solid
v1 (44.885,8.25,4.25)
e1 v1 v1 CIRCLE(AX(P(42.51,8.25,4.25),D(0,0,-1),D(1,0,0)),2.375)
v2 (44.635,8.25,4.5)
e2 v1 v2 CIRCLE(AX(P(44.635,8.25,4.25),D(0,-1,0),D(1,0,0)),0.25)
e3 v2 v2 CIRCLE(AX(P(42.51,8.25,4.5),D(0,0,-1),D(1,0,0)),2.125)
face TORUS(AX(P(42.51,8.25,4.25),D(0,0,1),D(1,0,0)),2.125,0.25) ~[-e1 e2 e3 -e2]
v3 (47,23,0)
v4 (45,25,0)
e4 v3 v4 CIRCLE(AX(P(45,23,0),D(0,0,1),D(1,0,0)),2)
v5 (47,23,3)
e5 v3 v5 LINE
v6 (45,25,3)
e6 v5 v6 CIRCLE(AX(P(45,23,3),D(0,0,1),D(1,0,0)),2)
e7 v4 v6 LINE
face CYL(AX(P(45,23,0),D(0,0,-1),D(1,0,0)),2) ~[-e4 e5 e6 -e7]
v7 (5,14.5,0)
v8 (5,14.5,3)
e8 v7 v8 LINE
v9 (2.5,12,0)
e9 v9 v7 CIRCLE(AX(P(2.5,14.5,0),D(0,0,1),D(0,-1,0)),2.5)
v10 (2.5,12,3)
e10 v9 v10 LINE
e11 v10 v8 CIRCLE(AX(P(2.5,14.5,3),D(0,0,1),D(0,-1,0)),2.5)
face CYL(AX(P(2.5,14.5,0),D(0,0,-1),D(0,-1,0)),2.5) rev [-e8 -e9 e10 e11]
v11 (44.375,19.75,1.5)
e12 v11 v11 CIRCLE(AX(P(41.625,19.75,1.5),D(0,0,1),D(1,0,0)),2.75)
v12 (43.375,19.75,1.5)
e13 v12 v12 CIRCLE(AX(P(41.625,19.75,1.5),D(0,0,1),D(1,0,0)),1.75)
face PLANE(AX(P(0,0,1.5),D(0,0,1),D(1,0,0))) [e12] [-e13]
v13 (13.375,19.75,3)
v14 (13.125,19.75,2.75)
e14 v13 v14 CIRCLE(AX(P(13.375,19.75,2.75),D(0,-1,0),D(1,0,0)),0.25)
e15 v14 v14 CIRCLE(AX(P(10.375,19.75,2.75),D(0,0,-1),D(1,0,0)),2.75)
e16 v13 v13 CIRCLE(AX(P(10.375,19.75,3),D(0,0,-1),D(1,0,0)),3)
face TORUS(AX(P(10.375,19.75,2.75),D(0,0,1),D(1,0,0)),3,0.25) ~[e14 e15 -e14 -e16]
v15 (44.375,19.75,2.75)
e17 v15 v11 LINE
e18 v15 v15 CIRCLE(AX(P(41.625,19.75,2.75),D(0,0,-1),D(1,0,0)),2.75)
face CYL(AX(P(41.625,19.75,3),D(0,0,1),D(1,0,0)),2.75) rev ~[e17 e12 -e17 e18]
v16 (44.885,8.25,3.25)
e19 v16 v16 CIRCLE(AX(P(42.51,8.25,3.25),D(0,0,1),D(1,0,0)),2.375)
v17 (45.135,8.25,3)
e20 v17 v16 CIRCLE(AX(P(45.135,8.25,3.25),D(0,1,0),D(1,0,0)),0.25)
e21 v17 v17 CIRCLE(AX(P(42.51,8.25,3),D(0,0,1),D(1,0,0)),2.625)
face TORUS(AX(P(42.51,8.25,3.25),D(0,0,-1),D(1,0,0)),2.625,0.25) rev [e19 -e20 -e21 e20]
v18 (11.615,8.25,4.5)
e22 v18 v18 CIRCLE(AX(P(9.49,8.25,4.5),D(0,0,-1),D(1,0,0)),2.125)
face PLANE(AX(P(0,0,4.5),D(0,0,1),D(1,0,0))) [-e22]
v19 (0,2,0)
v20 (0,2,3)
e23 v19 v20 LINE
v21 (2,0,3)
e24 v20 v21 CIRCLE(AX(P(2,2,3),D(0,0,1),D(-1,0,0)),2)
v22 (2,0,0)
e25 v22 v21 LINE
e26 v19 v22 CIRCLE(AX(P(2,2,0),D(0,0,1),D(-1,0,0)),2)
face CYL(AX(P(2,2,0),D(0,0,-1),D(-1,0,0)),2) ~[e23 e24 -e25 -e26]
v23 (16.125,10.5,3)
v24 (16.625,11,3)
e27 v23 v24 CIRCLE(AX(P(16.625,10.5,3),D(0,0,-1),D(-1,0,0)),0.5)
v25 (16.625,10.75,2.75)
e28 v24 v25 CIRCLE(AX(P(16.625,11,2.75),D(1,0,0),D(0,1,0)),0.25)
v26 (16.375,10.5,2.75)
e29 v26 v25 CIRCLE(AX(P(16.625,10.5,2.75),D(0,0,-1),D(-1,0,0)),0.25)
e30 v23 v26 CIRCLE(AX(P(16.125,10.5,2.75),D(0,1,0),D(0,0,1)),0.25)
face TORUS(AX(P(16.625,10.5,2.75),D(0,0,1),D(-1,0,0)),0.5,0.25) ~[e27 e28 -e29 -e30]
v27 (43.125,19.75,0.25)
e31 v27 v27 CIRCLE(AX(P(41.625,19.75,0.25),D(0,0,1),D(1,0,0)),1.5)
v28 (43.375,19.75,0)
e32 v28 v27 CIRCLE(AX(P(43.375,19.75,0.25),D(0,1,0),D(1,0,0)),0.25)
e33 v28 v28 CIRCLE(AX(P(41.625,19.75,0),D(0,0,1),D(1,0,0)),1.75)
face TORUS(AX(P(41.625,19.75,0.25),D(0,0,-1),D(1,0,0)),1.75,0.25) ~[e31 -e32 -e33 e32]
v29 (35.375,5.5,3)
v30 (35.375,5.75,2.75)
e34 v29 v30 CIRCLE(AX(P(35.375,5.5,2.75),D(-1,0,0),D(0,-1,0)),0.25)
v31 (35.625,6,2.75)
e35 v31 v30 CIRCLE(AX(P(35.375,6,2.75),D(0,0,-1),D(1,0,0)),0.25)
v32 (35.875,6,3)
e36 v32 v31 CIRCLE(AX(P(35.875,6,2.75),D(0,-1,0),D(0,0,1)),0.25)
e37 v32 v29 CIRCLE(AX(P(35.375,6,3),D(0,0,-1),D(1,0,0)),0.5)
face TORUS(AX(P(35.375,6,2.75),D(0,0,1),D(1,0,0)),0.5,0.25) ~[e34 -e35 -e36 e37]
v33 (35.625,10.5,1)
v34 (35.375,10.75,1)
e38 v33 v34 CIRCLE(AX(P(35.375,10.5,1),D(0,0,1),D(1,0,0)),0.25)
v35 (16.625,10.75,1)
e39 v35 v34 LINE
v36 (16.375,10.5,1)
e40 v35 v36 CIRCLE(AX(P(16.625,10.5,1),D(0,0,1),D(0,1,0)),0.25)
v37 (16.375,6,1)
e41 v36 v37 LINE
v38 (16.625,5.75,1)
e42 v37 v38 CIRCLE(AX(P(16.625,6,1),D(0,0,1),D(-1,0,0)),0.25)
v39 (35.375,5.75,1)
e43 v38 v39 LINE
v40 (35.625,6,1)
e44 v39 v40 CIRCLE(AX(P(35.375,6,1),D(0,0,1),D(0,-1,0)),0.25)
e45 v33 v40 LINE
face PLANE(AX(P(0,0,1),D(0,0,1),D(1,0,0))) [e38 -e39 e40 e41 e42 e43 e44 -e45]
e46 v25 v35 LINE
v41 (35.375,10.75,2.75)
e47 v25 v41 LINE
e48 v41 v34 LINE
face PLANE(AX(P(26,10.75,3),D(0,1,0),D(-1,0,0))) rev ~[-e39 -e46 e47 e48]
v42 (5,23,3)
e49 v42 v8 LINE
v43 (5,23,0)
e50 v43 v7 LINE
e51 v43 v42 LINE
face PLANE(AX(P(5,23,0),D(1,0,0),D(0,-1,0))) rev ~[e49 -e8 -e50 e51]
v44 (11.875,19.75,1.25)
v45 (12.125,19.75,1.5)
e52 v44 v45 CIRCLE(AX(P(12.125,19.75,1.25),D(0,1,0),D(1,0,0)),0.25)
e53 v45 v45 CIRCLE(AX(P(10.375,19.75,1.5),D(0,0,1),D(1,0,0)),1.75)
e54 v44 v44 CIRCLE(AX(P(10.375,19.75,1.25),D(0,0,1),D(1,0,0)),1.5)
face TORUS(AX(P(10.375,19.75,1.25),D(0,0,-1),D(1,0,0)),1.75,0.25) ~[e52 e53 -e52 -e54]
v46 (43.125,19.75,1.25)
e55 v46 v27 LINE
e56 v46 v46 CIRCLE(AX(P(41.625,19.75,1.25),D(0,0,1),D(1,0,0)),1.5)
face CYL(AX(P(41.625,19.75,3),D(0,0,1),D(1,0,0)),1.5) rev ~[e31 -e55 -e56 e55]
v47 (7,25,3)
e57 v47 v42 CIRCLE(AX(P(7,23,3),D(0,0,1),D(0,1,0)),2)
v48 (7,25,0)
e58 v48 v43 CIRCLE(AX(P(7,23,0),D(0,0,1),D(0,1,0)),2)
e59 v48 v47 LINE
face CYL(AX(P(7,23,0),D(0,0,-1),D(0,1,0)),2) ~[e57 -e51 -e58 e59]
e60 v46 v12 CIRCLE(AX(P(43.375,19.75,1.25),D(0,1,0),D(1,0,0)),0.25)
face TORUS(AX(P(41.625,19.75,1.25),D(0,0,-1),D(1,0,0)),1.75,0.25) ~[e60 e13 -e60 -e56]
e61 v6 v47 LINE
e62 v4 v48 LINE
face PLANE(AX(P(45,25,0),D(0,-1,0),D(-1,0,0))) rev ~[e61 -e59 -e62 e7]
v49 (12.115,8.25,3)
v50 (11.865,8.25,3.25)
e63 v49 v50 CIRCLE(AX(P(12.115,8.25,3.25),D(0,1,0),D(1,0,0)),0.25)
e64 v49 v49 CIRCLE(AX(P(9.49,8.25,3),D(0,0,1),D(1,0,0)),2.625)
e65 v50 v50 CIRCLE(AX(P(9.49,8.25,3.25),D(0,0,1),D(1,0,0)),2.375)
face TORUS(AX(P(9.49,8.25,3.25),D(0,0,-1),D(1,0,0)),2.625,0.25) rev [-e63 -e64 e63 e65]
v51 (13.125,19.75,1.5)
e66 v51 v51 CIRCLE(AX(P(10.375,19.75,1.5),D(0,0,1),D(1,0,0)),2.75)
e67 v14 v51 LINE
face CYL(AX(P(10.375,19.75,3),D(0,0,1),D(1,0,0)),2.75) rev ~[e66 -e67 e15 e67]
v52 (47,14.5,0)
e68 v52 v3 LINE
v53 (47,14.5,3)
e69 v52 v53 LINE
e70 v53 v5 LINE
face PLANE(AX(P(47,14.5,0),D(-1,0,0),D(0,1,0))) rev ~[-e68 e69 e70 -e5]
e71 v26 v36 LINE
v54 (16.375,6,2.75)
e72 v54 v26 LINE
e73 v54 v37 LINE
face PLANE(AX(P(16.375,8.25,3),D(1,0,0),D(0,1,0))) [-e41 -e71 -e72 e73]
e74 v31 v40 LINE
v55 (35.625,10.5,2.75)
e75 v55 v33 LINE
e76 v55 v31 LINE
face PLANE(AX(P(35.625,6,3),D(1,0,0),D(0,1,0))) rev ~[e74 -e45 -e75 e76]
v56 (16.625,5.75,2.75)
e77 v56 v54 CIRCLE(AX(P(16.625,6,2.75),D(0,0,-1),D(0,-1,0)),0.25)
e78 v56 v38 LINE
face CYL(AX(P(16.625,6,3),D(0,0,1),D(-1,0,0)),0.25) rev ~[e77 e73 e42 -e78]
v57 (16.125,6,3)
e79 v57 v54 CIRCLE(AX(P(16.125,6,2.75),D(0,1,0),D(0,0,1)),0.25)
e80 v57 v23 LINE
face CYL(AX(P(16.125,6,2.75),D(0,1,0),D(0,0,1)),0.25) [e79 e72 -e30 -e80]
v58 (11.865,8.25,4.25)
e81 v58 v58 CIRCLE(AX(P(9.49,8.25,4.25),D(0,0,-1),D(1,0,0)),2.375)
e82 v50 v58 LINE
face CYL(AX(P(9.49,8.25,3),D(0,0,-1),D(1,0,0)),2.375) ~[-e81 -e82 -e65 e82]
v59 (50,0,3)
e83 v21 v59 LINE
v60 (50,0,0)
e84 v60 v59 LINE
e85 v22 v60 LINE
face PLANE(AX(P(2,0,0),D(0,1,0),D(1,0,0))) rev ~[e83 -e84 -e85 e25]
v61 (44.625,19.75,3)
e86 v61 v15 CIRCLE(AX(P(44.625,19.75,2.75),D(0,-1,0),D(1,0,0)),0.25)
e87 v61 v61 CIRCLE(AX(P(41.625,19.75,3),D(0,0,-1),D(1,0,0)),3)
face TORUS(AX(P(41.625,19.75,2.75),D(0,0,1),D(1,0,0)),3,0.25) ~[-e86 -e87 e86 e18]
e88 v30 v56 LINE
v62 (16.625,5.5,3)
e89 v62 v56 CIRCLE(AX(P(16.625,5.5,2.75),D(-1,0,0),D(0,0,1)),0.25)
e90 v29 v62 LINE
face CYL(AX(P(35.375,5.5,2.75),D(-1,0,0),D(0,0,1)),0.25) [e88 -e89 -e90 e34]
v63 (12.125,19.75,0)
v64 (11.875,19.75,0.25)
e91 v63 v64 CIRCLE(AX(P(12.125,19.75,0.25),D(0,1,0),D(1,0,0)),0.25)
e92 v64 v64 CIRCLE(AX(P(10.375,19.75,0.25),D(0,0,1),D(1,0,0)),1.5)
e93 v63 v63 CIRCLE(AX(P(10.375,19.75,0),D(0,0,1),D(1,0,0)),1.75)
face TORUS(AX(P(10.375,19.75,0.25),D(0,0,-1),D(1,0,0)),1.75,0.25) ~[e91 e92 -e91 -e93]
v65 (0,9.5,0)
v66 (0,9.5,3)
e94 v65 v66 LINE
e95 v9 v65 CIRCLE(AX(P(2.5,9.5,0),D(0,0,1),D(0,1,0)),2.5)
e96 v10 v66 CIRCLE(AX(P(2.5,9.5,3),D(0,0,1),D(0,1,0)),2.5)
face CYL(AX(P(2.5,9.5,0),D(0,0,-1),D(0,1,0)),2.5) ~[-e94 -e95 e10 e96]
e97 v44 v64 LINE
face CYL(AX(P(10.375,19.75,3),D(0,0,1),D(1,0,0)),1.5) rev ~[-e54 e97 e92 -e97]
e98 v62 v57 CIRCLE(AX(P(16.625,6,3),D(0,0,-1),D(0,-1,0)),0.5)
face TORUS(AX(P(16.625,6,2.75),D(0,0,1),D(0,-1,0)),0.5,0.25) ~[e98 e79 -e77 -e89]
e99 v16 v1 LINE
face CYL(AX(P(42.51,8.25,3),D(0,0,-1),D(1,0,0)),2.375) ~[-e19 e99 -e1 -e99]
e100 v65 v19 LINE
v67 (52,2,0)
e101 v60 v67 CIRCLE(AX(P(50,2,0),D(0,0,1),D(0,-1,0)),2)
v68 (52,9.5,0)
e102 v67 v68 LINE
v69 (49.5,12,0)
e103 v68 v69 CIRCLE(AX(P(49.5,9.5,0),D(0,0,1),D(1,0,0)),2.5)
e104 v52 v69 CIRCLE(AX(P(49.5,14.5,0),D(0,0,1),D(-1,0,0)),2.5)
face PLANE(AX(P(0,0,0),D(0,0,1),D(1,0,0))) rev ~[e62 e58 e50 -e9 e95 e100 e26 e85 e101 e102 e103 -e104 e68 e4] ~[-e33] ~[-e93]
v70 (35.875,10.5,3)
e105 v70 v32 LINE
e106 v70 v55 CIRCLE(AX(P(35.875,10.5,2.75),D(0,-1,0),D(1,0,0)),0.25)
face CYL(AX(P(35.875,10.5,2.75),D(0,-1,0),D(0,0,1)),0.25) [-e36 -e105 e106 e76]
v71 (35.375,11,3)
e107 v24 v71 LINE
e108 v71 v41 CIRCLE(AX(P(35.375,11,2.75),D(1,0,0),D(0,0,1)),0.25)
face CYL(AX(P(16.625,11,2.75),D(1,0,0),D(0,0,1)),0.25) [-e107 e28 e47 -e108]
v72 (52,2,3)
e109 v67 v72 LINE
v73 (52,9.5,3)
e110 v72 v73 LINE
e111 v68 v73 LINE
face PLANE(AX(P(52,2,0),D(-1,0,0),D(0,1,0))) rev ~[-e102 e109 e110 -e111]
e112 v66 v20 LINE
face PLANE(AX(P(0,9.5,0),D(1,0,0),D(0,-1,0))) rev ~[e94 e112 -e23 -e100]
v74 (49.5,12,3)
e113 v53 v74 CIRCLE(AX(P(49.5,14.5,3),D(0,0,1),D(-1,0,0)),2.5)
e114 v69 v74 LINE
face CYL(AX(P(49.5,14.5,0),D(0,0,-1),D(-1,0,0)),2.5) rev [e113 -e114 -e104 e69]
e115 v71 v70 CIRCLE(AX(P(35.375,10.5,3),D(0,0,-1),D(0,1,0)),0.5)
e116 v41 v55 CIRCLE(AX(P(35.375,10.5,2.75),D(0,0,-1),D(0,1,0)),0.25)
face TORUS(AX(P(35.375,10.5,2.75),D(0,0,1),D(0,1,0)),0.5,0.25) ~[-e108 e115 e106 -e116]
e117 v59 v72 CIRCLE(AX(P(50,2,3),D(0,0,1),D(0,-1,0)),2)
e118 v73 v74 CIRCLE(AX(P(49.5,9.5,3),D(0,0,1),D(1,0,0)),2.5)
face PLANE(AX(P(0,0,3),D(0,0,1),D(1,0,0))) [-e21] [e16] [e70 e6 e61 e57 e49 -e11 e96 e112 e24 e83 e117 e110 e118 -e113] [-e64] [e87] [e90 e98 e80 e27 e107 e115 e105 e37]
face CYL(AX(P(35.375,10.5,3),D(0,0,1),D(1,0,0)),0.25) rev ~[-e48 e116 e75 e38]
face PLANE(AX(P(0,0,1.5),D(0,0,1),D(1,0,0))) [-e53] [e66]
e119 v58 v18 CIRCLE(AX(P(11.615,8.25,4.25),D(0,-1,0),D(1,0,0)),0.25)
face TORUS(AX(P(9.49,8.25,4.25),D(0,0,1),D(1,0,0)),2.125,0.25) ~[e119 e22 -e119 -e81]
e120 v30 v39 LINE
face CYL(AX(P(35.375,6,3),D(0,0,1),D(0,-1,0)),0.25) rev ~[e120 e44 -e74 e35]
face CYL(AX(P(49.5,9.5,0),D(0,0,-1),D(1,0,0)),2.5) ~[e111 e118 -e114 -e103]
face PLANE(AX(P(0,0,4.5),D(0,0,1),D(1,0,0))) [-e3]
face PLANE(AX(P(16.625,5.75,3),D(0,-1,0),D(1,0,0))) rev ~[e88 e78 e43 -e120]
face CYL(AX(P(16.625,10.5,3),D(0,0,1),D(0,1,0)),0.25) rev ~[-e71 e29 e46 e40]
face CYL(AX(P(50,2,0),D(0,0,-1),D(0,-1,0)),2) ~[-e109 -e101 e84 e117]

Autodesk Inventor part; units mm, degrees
ref_plane "YZ Plane" through (0, 0, 0) normal (1, 0, 0) x (0, 1, 0)
ref_plane "XZ Plane" through (0, 0, 0) normal (0, 1, 0) x (-1, 0, 0)
ref_plane "XY Plane" through (0, 0, 0) normal (0, 0, 1) x (1, 0, 0)
sketch "Sketch1" plane through (0, 0, 0) normal (0, 0, 1) x (1, 0, 0)
  line L0 (2, 0) -> (50, 0)
  line L1 (52, 2) -> (52, 9.5)
  line L2 (49.5, 12) -> (49.5, 12)
  line L3 (0, 9.5) -> (0, 2)
  line L4 (2.5, 12) -> (2.5, 12)
  line L5 (52, 12) -> (47, 12)
  line L6 (47, 14.5) -> (47, 23)
  line L7 (45, 25) -> (7, 25)
  line L8 (5, 23) -> (5, 14.5)
  arc A0 (7, 25) -> (5, 23) centre (7, 23) ccw
  arc A1 (47, 23) -> (45, 25) centre (45, 23) ccw
  arc A2 (0, 2) -> (2, 0) centre (2, 2) ccw
  arc A3 (50, 0) -> (52, 2) centre (50, 2) ccw
  arc A4 (2.5, 12) -> (5, 14.5) centre (2.5, 14.5) ccw
  arc A5 (2.5, 12) -> (0, 9.5) centre (2.5, 9.5) ccw
  arc A6 (47, 14.5) -> (49.5, 12) centre (49.5, 14.5) ccw
  arc A7 (52, 9.5) -> (49.5, 12) centre (49.5, 9.5) ccw
  point P0 (0, 0)
  point P1 (52, 0)
  point P2 (0, 12)
  point P3 (5, 12)
  point P4 (47, 25)
  point P5 (5, 25)
  dimension "d6" = 52
  dimension "d7" = 12
  dimension "d8" = 5
  dimension "d9" = 5
  dimension "d10" = 13
  dimension "d11" = 42
  dimension "d12" = 2
  dimension "d13" = 2
  dimension "d14" = 2.5
extrude "Extrusion1" add sketch "Sketch1" along normal blind 3
sketch "Sketch2" plane through (0, 0, 3) normal (0, 0, 1) x (1, 0, 0)
  line L0 (0, 0) -> (0, 12)
  line L1 (52, 12) -> (52, 0)
  line L2 (52, 0) -> (0, 0)
  line L3 (0, 0) -> (0.25, 0)
  line L4 (52, 0) -> (51.75, 0)
  line L5 (0.25, 0) -> (51.75, 0)
  circle A0 centre (9.49, 8.25) radius 2.375
  circle A1 centre (42.51, 8.25) radius 2.375
  line L6 (0, 12) -> (52, 12)
  line L7 (2, 0) -> (50, 0) projected
  line L8 (0, 0) -> (2, 0)
  arc A2 (50, 0) -> (52, 2) centre (50, 2) ccw projected
  line L9 (50, 0) -> (52, 0)
  arc A3 (2.5, 12) -> (0, 9.5) centre (2.5, 9.5) ccw projected
  line L10 (2.5, 12) -> (0, 12)
  arc A4 (47, 14.5) -> (49.5, 12) centre (49.5, 14.5) ccw projected
  line L11 (52, 12) -> (49.5, 12)
  line L12 (9.49, 12) -> (9.49, 8.25)
  line L13 (0, 9.5) -> (0, 12)
  arc A5 (52, 9.5) -> (49.5, 12) centre (49.5, 9.5) ccw projected
  line L14 (52, 9.5) -> (52, 12)
  line L15 (52, 12) -> (42.51, 12)
  line L16 (42.51, 12) -> (42.51, 8.25)
  line L17 (0, 12) -> (9.49, 12)
  dimension "d17" = 12
  dimension "d18" = 52
  dimension "d22" = 3.75
  dimension "d23" = 4.75
  dimension "d24" = 9.49
  dimension "d25" = 9.49
  dimension "d26" = 3.75
  dimension "d27" = 4.75
extrude "Extrusion2" add sketch "Sketch2" along normal blind 1.5 contours A1 | A0
sketch "Sketch3" plane through (0, 0, 3) normal (0, 0, 1) x (1, 0, 0)
  arc A0 (52, 9.5) -> (49.5, 12) centre (49.5, 9.5) ccw projected
  line L0 (52, 9.5) -> (52, 12)
  line L1 (52, 12) -> (0, 12)
  arc A1 (2.5, 12) -> (0, 9.5) centre (2.5, 9.5) ccw projected
  line L2 (0, 12) -> (0, 9.5)
  arc A2 (2.5, 12) -> (5, 14.5) centre (2.5, 14.5) ccw projected
  line L3 (2.5, 12) -> (2.5, 19.75)
  line L4 (2.5, 19.75) -> (49.5, 19.75)
  line L5 (49.5, 19.75) -> (49.5, 12)
  line L6 (26, 19.75) -> (41.625, 19.75)
  line L7 (26, 19.75) -> (10.375, 19.75)
  circle A3 centre (10.375, 19.75) radius 1.5
  circle A4 centre (41.625, 19.75) radius 1.5
  circle A5 centre (10.375, 19.75) radius 2.75
  circle A6 centre (41.625, 19.75) radius 2.75
  point P0 (0, 0)
  dimension "d30" = 2.5
  dimension "d31" = 7.75
  dimension "d32" = 47
  dimension "d33" = 15.625
  dimension "d34" = 15.625
  dimension "d35" = 3
  dimension "d36" = 3
  dimension "d37" = 5.5
  dimension "d38" = 5.5
extrude "Extrusion3" cut sketch "Sketch3" against normal up to surface (3 mm away) contours A4 L4 | L4 A4 | A3 L4 | L4 A3
extrude "Extrusion4" cut sketch "Sketch3" against normal blind 1.5 contours A6 L4 A4 | L4 A4 A6 | A5 L4 A3 | L4 A3 A5
sketch "Sketch4" plane through (0, 0, 3) normal (0, 0, 1) x (1, 0, 0)
  circle A0 centre (9.49, 8.25) radius 2.2 projected
  circle A1 centre (42.51, 8.25) radius 2.2 projected
  line L0 (16.375, 8.25) -> (16.375, 10.5)
  line L1 (16.375, 8.25) -> (16.375, 6)
  line L2 (16.625, 5.75) -> (35.375, 5.75)
  line L3 (35.625, 6) -> (35.625, 10.5)
  line L4 (35.375, 10.75) -> (16.625, 10.75)
  arc A2 (16.625, 10.75) -> (16.375, 10.5) centre (16.625, 10.5) ccw
  arc A3 (16.375, 6) -> (16.625, 5.75) centre (16.625, 6) ccw
  arc A4 (35.375, 5.75) -> (35.625, 6) centre (35.375, 6) ccw
  arc A5 (35.625, 10.5) -> (35.375, 10.75) centre (35.375, 10.5) ccw
  line L5 (9.49, 8.25) -> (42.51, 8.25)
  line L6 (26, 8.25) -> (16.375, 8.25)
  line L7 (26, 8.25) -> (26, 10.75)
  point P0 (0, 0)
  point P1 (16.375, 10.75)
  point P2 (16.375, 5.75)
  dimension "d48" = 2.5
  dimension "d49" = 2.5
  dimension "d50" = 0.25
  dimension "d53" = 2.5
  dimension "d55" = 18.75
extrude "Extrusion5" cut sketch "Sketch4" against normal blind 2 contours L0 A2 L4 L7 L5 | L5 L3 A4 L2 A3 L1 | L7 L4 A5 L3 L5
fillet "Fillet3" radius 0.25 18 edges at (7.115, 8.25, 4.5) (7.115, 8.25, 3) (16.375, 8.25, 3) (26, 10.75, 3) (16.4482, 10.6768, 3) (16.4482, 5.8232, 3) (26, 5.75, 3) (35.5518, 5.8232, 3) (35.625, 8.25, 3) (35.5518, 10.6768, 3) (40.135, 8.25, 4.5) (40.135, 8.25, 3) (38.875, 19.75, 3) (40.125, 19.75, 1.5) (7.625, 19.75, 3) (8.875, 19.75, 1.5) (40.125, 19.75, 0) (8.875, 19.75, 0)
properties part number "5RM_belt_clip"
